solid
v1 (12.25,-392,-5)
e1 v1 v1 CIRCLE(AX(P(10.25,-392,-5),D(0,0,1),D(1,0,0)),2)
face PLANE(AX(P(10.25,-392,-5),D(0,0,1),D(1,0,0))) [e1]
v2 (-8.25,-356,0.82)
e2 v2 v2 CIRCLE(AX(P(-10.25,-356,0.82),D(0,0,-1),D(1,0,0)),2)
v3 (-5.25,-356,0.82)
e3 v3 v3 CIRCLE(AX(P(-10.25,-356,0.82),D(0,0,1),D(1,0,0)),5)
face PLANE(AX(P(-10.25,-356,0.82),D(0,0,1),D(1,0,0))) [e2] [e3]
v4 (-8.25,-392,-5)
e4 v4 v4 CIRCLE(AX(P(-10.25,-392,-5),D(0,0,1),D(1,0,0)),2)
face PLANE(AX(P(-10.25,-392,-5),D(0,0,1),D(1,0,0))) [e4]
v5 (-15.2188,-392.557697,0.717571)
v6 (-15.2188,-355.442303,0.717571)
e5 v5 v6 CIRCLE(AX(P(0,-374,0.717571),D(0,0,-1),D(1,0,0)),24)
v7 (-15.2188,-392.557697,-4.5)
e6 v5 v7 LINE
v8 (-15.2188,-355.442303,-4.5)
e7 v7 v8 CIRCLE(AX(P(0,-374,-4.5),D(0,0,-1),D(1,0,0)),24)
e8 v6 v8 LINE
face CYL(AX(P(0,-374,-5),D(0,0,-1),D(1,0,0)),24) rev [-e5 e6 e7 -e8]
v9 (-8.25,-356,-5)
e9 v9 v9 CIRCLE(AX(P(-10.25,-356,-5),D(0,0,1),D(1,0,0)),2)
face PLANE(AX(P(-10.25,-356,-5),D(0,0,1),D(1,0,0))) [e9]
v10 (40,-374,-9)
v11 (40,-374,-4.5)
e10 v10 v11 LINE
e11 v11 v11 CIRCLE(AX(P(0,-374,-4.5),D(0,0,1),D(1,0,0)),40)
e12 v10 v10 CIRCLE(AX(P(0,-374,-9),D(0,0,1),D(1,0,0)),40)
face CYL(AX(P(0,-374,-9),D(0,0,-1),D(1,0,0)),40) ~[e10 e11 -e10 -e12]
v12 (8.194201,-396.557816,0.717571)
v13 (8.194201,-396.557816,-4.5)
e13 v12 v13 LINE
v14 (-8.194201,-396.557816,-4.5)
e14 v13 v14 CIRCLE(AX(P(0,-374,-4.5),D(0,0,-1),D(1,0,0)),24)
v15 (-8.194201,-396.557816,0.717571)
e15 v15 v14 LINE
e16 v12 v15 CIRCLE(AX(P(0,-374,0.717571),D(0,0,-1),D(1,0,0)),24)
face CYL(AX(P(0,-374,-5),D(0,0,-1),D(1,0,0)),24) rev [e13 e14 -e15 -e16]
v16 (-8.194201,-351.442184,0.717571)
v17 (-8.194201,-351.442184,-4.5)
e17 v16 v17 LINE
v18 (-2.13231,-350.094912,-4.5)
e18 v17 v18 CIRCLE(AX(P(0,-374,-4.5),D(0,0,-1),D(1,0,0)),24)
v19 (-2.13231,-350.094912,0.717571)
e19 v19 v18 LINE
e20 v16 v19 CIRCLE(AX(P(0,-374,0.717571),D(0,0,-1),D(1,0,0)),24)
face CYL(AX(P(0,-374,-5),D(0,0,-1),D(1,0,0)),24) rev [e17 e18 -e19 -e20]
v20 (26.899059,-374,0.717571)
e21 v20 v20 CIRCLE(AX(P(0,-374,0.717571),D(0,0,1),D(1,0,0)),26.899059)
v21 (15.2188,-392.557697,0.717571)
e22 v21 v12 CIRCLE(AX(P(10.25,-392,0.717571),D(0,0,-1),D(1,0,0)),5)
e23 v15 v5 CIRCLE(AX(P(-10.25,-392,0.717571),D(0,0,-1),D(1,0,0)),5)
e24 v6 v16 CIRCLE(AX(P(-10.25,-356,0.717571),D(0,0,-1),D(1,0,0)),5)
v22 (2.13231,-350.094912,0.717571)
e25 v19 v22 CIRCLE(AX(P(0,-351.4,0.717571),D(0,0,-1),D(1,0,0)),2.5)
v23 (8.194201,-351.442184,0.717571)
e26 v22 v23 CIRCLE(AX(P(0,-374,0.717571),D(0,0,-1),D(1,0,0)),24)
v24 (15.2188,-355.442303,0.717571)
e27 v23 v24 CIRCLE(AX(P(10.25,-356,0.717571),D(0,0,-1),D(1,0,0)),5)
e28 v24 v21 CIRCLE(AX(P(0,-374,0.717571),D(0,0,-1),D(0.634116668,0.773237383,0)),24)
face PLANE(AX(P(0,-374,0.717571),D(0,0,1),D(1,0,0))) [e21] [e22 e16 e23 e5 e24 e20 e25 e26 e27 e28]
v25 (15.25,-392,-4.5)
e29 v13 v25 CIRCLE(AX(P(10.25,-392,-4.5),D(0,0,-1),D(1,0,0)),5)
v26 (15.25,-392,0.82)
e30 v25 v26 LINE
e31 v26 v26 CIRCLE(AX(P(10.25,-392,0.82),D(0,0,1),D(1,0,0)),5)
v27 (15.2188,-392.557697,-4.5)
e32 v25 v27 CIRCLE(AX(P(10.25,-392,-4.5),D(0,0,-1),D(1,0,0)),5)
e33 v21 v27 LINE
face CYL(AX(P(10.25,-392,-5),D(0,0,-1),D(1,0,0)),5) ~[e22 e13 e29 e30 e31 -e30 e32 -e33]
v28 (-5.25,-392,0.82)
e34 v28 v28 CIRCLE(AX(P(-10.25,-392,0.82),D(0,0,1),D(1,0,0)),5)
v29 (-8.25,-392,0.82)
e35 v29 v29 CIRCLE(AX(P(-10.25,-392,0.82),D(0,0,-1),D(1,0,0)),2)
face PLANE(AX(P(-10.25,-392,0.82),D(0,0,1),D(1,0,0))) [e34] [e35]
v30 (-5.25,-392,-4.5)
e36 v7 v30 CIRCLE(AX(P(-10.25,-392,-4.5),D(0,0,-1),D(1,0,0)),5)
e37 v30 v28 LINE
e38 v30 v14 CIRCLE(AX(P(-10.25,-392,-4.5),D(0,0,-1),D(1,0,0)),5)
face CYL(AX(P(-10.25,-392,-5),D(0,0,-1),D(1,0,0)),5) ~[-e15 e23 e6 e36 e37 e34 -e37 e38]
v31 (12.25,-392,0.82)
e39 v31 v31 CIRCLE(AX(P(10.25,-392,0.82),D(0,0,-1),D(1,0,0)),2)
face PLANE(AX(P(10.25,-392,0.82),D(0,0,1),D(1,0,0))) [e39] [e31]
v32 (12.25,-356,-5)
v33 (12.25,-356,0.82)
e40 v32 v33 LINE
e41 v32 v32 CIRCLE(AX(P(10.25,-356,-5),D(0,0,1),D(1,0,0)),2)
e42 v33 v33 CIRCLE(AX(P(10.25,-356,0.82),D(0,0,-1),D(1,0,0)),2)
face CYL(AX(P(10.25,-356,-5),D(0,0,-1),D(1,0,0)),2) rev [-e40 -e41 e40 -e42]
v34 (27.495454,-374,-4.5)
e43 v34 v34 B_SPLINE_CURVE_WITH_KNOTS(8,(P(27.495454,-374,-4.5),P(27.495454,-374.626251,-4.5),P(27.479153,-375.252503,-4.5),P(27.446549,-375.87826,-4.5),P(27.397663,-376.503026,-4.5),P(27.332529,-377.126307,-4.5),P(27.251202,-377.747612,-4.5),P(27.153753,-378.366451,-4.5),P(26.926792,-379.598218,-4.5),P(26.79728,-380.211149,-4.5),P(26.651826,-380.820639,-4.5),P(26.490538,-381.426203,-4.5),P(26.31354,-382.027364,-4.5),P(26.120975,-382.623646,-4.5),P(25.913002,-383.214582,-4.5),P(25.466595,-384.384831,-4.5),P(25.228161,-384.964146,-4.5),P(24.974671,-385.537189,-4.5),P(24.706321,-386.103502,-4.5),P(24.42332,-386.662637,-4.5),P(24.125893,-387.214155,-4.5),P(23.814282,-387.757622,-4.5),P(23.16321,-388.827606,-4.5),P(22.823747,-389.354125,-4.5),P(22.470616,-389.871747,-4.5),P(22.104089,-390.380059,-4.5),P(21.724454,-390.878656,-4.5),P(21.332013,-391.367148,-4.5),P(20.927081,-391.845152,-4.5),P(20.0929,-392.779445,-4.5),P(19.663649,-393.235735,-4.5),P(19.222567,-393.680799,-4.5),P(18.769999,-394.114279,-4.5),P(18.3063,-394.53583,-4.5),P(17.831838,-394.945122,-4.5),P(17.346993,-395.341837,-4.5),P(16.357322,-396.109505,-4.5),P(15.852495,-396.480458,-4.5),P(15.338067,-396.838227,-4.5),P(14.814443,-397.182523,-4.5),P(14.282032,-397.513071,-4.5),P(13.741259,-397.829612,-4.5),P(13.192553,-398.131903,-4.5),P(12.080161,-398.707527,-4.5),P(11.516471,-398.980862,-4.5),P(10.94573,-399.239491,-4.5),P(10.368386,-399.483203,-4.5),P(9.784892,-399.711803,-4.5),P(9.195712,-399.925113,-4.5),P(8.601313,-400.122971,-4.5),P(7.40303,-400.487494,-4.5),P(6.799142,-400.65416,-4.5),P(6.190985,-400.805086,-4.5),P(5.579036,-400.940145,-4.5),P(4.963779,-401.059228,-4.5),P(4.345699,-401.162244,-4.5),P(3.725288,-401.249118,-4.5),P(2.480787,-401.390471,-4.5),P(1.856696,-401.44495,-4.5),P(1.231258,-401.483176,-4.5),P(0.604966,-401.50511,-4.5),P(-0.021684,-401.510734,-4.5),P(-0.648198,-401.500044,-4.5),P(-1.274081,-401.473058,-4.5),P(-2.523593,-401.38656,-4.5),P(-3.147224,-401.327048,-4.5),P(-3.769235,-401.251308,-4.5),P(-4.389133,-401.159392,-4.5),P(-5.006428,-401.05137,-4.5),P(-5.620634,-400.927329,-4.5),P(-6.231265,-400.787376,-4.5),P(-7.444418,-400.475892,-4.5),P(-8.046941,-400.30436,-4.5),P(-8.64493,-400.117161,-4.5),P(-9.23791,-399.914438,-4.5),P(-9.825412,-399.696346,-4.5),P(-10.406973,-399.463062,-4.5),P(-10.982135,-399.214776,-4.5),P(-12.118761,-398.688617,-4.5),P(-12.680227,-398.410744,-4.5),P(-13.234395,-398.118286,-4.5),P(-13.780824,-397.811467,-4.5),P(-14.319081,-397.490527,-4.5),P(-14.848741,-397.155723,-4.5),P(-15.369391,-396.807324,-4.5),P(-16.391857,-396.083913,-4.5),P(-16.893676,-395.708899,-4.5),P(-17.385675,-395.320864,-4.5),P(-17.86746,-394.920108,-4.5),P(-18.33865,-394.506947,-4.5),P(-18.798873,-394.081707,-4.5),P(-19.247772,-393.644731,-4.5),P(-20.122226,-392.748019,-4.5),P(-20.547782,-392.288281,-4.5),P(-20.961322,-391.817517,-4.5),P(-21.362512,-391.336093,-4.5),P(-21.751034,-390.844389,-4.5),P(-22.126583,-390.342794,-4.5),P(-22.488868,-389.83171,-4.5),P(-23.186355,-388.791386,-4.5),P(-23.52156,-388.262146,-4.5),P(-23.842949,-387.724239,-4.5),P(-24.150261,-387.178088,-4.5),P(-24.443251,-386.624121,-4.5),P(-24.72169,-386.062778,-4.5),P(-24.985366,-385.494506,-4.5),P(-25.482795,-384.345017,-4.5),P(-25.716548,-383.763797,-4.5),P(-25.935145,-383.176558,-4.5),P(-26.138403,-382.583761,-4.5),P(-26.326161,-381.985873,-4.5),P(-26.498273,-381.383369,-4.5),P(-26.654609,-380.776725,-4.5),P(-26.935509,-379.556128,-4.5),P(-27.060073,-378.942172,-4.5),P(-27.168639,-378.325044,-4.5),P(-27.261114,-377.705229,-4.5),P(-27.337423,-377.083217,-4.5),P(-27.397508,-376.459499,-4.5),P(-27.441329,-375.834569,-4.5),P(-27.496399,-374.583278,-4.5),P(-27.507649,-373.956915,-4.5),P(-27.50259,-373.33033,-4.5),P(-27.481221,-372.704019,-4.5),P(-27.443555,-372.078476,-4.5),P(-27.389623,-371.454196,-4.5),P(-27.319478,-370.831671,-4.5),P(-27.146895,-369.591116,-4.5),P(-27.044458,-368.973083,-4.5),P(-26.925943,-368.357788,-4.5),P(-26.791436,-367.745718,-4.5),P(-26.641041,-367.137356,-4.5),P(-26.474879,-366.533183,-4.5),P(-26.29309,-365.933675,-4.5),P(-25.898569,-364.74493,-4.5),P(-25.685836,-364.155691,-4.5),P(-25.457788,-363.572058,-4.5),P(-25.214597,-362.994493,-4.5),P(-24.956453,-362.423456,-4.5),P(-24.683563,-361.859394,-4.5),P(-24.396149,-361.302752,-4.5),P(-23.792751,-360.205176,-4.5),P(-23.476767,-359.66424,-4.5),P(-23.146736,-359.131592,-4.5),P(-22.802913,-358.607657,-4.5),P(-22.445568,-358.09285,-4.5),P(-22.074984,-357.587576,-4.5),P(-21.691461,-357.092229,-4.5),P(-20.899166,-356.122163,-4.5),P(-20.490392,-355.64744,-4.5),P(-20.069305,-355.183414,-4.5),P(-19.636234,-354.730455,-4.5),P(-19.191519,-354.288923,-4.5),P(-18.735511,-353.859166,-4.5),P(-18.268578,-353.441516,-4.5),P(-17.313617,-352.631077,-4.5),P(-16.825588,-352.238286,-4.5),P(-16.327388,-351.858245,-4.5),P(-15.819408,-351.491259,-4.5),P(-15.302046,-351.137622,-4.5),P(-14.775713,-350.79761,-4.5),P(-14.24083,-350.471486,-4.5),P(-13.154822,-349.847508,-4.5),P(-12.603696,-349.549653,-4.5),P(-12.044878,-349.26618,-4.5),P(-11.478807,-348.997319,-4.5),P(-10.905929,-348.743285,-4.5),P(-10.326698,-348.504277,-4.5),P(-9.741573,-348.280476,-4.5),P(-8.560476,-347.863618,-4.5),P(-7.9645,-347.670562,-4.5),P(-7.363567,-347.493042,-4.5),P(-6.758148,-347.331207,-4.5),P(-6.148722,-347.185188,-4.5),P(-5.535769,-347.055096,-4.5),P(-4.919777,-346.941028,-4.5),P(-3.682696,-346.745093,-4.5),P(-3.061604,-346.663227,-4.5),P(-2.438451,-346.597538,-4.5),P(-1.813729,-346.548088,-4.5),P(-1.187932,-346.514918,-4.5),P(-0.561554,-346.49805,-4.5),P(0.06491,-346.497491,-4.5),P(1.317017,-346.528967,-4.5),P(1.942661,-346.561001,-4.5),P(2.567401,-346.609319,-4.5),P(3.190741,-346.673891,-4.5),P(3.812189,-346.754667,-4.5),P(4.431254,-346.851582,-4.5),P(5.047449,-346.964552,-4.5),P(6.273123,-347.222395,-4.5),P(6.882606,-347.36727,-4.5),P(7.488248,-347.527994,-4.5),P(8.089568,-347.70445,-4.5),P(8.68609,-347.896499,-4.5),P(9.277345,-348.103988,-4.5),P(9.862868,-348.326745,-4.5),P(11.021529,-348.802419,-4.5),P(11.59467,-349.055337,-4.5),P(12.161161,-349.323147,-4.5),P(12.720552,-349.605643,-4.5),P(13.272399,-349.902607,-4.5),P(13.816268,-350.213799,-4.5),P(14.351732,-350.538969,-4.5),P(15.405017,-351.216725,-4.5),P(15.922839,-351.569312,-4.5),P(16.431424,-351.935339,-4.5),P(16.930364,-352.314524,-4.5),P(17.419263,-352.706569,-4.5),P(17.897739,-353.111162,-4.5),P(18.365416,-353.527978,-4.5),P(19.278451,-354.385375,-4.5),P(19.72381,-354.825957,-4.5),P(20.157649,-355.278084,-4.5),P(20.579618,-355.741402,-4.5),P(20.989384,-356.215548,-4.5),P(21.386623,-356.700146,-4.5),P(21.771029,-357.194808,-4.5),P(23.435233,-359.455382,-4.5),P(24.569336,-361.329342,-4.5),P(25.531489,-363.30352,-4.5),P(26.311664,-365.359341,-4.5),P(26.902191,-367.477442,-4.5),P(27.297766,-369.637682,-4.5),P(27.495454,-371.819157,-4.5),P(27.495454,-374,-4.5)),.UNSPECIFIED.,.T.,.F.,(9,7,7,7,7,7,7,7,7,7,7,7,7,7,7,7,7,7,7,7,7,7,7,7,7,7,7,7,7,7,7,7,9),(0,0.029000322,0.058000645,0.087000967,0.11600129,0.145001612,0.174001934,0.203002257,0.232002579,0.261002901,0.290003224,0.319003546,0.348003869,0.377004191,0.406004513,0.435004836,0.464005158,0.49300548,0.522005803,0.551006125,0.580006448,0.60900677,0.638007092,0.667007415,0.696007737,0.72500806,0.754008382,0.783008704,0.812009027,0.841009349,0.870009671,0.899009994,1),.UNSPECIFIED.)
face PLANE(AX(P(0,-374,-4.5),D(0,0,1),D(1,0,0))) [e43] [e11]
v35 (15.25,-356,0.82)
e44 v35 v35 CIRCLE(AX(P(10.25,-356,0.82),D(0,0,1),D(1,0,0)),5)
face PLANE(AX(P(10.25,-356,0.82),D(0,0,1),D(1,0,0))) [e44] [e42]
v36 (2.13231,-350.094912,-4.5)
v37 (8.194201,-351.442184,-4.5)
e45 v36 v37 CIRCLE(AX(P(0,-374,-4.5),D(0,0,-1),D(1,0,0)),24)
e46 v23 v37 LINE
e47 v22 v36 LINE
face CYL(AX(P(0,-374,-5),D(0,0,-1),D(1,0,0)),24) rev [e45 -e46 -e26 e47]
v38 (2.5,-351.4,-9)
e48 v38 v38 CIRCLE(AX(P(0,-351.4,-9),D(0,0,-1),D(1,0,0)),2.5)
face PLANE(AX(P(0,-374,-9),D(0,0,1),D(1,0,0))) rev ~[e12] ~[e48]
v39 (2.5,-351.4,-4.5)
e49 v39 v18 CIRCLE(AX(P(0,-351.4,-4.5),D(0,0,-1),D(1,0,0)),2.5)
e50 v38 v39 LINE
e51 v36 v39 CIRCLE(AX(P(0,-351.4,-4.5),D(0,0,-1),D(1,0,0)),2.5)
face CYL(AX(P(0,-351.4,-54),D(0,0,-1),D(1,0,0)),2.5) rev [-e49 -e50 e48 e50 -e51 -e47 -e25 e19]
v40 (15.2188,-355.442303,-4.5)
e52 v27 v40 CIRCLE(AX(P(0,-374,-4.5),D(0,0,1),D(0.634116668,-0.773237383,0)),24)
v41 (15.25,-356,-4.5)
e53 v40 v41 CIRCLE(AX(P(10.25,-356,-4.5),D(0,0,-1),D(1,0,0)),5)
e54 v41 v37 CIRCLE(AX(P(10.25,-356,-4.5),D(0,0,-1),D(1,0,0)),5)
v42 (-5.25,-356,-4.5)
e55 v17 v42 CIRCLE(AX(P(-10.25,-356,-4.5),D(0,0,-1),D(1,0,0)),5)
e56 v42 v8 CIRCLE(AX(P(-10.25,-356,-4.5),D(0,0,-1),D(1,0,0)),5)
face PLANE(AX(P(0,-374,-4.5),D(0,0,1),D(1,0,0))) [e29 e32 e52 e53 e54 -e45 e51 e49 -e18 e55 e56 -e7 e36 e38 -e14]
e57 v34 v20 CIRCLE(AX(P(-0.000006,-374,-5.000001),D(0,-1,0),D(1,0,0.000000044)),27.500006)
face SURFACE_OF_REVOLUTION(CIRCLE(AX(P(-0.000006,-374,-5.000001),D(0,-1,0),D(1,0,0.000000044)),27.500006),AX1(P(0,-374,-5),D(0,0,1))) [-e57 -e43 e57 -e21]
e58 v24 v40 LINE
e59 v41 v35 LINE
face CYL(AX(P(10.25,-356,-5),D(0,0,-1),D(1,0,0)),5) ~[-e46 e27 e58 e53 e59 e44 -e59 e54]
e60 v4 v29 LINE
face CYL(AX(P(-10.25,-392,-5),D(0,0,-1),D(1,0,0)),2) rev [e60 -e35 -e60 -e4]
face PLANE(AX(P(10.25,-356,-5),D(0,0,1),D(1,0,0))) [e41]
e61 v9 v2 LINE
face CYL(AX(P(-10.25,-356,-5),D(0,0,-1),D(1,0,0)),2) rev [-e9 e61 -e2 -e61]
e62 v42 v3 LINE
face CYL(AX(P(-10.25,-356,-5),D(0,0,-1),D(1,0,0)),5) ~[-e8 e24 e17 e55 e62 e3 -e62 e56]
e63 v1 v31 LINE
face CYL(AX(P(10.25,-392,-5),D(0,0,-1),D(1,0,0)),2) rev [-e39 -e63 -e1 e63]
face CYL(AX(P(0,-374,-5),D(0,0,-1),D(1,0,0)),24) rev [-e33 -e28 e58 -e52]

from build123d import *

# Parameters (mm, degrees)
CYLINDER165_R     = 2.5
CYLINDER165_DEPTH = 60
CYLINDER161_R     = 2
CYLINDER161_DEPTH = 10
CYLINDER162_R     = 2
CYLINDER162_DEPTH = 10
CYLINDER163_R     = 2
CYLINDER163_DEPTH = 10
CYLINDER164_R     = 2
CYLINDER164_DEPTH = 10
CYLINDER156_R     = 5.5
CYLINDER156_DEPTH = 1
CYLINDER157_R     = 5
CYLINDER157_DEPTH = 5.82
CYLINDER158_R     = 5
CYLINDER158_DEPTH = 5.82
CYLINDER159_R     = 5
CYLINDER159_DEPTH = 5.82
CYLINDER160_R     = 5
CYLINDER160_DEPTH = 5.82
CYLINDER154_R     = 40
CYLINDER154_DEPTH = 4.5
CYLINDER155_R     = 24
CYLINDER155_DEPTH = 7


with BuildPart() as wirecut004:
    # Cylinder165 → Cylinder165 (new body)
    with BuildSketch(Plane(origin=(134, 32.6, 20), x_dir=(1, 0, 0), z_dir=(0, 0, 1))):
        Circle(CYLINDER165_R)
    extrude(amount=CYLINDER165_DEPTH)


with BuildPart() as cylinder161:
    # Cylinder161 → Cylinder161 (new body)
    with BuildSketch(Plane(origin=(0, -21, 0), x_dir=(1, 0, 0), z_dir=(0, 0, 1))):
        Circle(CYLINDER161_R)
    extrude(amount=CYLINDER161_DEPTH)


with BuildPart() as m3heatsetcuts025:
    # Cylinder162 → Cylinder162 (new body)
    with BuildSketch(Plane(origin=(20.5, -21, 0), x_dir=(1, 0, 0), z_dir=(0, 0, 1))):
        Circle(CYLINDER162_R)
    extrude(amount=CYLINDER162_DEPTH)

    # Fusion103: union Cylinder161
    add(cylinder161.part)


with BuildPart() as m3heatsetcuts025_1:
    # Fusion103 placement: moved
    add(m3heatsetcuts025.part.moved(Location((-5, 39, 70))))


with BuildPart() as cylinder163:
    # Cylinder163 → Cylinder163 (new body)
    with BuildSketch(Plane(origin=(0, -21, 0), x_dir=(1, 0, 0), z_dir=(0, 0, 1))):
        Circle(CYLINDER163_R)
    extrude(amount=CYLINDER163_DEPTH)


with BuildPart() as lightmodulecut005:
    # Cylinder164 → Cylinder164 (new body)
    with BuildSketch(Plane(origin=(20.5, -21, 0), x_dir=(1, 0, 0), z_dir=(0, 0, 1))):
        Circle(CYLINDER164_R)
    extrude(amount=CYLINDER164_DEPTH)

    # Fusion104: union Cylinder163
    add(cylinder163.part)


with BuildPart() as lightmodulecut005_1:
    # Fusion104 placement: moved
    add(lightmodulecut005.part.moved(Location((-5, 3, 70))))

    # Fusion102: union m3HeatSetCuts025
    add(m3heatsetcuts025_1.part)


with BuildPart() as lightmodulecut005_2:
    # Fusion102 placement: moved
    add(lightmodulecut005_1.part.moved(Location((128.75, 10, -1))))

    # Fusion105: union WireCut004
    add(wirecut004.part)


with BuildPart() as cylinder156:
    # Cylinder156 → Cylinder156 (new body)
    with BuildSketch(Plane(origin=(134, 32.6, 65), x_dir=(1, 0, 0), z_dir=(0, 0, 1))):
        Circle(CYLINDER156_R)
    extrude(amount=CYLINDER156_DEPTH)


with BuildPart() as cylinder157:
    # Cylinder157 → Cylinder157 (new body)
    with BuildSketch(Plane(origin=(0, -21, 0), x_dir=(1, 0, 0), z_dir=(0, 0, 1))):
        Circle(CYLINDER157_R)
    extrude(amount=CYLINDER157_DEPTH)


with BuildPart() as m3heatsetcuts021:
    # Cylinder158 → Cylinder158 (new body)
    with BuildSketch(Plane(origin=(20.5, -21, 0), x_dir=(1, 0, 0), z_dir=(0, 0, 1))):
        Circle(CYLINDER158_R)
    extrude(amount=CYLINDER158_DEPTH)

    # Fusion097: union Cylinder157
    add(cylinder157.part)


with BuildPart() as m3heatsetcuts021_1:
    # Fusion097 placement: moved
    add(m3heatsetcuts021.part.moved(Location((-5, 39, 70))))


with BuildPart() as cylinder159:
    # Cylinder159 → Cylinder159 (new body)
    with BuildSketch(Plane(origin=(0, -21, 0), x_dir=(1, 0, 0), z_dir=(0, 0, 1))):
        Circle(CYLINDER159_R)
    extrude(amount=CYLINDER159_DEPTH)


with BuildPart() as m3heatsetcuts023:
    # Cylinder160 → Cylinder160 (new body)
    with BuildSketch(Plane(origin=(20.5, -21, 0), x_dir=(1, 0, 0), z_dir=(0, 0, 1))):
        Circle(CYLINDER160_R)
    extrude(amount=CYLINDER160_DEPTH)

    # Fusion098: union Cylinder159
    add(cylinder159.part)


with BuildPart() as m3heatsetcuts023_1:
    # Fusion098 placement: moved
    add(m3heatsetcuts023.part.moved(Location((-5, 3, 70))))

    # Fusion099: union m3HeatSetCuts021
    add(m3heatsetcuts021_1.part)


with BuildPart() as m3heatsetcuts023_2:
    # Fusion099 placement: moved
    add(m3heatsetcuts023_1.part.moved(Location((128.75, 10, -1))))


with BuildPart() as base014:
    # Cylinder154 → Cylinder154 (new body)
    with BuildSketch(Plane(origin=(136, 0, 65), x_dir=(1, 0, 0), z_dir=(0, 0, 1))):
        Circle(CYLINDER154_R)
    extrude(amount=CYLINDER154_DEPTH)


with BuildPart() as basecut003:
    # Cylinder155 → Cylinder155 (new body)
    with BuildSketch(Plane(origin=(5, 0, 74), x_dir=(1, 0, 0), z_dir=(0, 0, 1))):
        Circle(CYLINDER155_R)
    extrude(amount=CYLINDER155_DEPTH)


with BuildPart() as lightmodule009:
    # Sphere005 → Sphere005 (revolve)
    with BuildSketch(Plane(origin=(5, 0, 74), x_dir=(1, 0, 0), z_dir=(0, -1, 0))):
        with BuildLine():
            ThreePointArc((27.5, 0), (27.349352, 2.874533), (26.899059, 5.717571))
            Line((26.899059, 5.717571), (0, 5.717571))
            Line((0, 5.717571), (0, 0))
            Line((0, 0), (27.5, 0))
        make_face()
    revolve(axis=Axis((5, 0, 74), (0, 0, 1)))

    # Cut053: cut baseCut003
    add(basecut003.part, mode=Mode.SUBTRACT)


with BuildPart() as lightmodule009_1:
    # Cut053 placement: moved
    add(lightmodule009.part.moved(Location((131, 0, -5))))

    # Fusion100: union base014
    add(base014.part)


with BuildPart() as lightmodule009_2:
    # Fusion100 placement: moved
    add(lightmodule009_1.part.moved(Location((-2, 10, 0))))

    # Fusion101: union Cylinder156, m3HeatSetCuts023
    add(cylinder156.part)
    add(m3heatsetcuts023_2.part)

    # Cut054: cut lightModuleCut005
    add(lightmodulecut005_2.part, mode=Mode.SUBTRACT)


with BuildPart() as lightmodule009_3:
    # Cut054 placement: moved
    add(lightmodule009_2.part.moved(Location((-134, -384, -74))))


solid = lightmodule009_3.part
